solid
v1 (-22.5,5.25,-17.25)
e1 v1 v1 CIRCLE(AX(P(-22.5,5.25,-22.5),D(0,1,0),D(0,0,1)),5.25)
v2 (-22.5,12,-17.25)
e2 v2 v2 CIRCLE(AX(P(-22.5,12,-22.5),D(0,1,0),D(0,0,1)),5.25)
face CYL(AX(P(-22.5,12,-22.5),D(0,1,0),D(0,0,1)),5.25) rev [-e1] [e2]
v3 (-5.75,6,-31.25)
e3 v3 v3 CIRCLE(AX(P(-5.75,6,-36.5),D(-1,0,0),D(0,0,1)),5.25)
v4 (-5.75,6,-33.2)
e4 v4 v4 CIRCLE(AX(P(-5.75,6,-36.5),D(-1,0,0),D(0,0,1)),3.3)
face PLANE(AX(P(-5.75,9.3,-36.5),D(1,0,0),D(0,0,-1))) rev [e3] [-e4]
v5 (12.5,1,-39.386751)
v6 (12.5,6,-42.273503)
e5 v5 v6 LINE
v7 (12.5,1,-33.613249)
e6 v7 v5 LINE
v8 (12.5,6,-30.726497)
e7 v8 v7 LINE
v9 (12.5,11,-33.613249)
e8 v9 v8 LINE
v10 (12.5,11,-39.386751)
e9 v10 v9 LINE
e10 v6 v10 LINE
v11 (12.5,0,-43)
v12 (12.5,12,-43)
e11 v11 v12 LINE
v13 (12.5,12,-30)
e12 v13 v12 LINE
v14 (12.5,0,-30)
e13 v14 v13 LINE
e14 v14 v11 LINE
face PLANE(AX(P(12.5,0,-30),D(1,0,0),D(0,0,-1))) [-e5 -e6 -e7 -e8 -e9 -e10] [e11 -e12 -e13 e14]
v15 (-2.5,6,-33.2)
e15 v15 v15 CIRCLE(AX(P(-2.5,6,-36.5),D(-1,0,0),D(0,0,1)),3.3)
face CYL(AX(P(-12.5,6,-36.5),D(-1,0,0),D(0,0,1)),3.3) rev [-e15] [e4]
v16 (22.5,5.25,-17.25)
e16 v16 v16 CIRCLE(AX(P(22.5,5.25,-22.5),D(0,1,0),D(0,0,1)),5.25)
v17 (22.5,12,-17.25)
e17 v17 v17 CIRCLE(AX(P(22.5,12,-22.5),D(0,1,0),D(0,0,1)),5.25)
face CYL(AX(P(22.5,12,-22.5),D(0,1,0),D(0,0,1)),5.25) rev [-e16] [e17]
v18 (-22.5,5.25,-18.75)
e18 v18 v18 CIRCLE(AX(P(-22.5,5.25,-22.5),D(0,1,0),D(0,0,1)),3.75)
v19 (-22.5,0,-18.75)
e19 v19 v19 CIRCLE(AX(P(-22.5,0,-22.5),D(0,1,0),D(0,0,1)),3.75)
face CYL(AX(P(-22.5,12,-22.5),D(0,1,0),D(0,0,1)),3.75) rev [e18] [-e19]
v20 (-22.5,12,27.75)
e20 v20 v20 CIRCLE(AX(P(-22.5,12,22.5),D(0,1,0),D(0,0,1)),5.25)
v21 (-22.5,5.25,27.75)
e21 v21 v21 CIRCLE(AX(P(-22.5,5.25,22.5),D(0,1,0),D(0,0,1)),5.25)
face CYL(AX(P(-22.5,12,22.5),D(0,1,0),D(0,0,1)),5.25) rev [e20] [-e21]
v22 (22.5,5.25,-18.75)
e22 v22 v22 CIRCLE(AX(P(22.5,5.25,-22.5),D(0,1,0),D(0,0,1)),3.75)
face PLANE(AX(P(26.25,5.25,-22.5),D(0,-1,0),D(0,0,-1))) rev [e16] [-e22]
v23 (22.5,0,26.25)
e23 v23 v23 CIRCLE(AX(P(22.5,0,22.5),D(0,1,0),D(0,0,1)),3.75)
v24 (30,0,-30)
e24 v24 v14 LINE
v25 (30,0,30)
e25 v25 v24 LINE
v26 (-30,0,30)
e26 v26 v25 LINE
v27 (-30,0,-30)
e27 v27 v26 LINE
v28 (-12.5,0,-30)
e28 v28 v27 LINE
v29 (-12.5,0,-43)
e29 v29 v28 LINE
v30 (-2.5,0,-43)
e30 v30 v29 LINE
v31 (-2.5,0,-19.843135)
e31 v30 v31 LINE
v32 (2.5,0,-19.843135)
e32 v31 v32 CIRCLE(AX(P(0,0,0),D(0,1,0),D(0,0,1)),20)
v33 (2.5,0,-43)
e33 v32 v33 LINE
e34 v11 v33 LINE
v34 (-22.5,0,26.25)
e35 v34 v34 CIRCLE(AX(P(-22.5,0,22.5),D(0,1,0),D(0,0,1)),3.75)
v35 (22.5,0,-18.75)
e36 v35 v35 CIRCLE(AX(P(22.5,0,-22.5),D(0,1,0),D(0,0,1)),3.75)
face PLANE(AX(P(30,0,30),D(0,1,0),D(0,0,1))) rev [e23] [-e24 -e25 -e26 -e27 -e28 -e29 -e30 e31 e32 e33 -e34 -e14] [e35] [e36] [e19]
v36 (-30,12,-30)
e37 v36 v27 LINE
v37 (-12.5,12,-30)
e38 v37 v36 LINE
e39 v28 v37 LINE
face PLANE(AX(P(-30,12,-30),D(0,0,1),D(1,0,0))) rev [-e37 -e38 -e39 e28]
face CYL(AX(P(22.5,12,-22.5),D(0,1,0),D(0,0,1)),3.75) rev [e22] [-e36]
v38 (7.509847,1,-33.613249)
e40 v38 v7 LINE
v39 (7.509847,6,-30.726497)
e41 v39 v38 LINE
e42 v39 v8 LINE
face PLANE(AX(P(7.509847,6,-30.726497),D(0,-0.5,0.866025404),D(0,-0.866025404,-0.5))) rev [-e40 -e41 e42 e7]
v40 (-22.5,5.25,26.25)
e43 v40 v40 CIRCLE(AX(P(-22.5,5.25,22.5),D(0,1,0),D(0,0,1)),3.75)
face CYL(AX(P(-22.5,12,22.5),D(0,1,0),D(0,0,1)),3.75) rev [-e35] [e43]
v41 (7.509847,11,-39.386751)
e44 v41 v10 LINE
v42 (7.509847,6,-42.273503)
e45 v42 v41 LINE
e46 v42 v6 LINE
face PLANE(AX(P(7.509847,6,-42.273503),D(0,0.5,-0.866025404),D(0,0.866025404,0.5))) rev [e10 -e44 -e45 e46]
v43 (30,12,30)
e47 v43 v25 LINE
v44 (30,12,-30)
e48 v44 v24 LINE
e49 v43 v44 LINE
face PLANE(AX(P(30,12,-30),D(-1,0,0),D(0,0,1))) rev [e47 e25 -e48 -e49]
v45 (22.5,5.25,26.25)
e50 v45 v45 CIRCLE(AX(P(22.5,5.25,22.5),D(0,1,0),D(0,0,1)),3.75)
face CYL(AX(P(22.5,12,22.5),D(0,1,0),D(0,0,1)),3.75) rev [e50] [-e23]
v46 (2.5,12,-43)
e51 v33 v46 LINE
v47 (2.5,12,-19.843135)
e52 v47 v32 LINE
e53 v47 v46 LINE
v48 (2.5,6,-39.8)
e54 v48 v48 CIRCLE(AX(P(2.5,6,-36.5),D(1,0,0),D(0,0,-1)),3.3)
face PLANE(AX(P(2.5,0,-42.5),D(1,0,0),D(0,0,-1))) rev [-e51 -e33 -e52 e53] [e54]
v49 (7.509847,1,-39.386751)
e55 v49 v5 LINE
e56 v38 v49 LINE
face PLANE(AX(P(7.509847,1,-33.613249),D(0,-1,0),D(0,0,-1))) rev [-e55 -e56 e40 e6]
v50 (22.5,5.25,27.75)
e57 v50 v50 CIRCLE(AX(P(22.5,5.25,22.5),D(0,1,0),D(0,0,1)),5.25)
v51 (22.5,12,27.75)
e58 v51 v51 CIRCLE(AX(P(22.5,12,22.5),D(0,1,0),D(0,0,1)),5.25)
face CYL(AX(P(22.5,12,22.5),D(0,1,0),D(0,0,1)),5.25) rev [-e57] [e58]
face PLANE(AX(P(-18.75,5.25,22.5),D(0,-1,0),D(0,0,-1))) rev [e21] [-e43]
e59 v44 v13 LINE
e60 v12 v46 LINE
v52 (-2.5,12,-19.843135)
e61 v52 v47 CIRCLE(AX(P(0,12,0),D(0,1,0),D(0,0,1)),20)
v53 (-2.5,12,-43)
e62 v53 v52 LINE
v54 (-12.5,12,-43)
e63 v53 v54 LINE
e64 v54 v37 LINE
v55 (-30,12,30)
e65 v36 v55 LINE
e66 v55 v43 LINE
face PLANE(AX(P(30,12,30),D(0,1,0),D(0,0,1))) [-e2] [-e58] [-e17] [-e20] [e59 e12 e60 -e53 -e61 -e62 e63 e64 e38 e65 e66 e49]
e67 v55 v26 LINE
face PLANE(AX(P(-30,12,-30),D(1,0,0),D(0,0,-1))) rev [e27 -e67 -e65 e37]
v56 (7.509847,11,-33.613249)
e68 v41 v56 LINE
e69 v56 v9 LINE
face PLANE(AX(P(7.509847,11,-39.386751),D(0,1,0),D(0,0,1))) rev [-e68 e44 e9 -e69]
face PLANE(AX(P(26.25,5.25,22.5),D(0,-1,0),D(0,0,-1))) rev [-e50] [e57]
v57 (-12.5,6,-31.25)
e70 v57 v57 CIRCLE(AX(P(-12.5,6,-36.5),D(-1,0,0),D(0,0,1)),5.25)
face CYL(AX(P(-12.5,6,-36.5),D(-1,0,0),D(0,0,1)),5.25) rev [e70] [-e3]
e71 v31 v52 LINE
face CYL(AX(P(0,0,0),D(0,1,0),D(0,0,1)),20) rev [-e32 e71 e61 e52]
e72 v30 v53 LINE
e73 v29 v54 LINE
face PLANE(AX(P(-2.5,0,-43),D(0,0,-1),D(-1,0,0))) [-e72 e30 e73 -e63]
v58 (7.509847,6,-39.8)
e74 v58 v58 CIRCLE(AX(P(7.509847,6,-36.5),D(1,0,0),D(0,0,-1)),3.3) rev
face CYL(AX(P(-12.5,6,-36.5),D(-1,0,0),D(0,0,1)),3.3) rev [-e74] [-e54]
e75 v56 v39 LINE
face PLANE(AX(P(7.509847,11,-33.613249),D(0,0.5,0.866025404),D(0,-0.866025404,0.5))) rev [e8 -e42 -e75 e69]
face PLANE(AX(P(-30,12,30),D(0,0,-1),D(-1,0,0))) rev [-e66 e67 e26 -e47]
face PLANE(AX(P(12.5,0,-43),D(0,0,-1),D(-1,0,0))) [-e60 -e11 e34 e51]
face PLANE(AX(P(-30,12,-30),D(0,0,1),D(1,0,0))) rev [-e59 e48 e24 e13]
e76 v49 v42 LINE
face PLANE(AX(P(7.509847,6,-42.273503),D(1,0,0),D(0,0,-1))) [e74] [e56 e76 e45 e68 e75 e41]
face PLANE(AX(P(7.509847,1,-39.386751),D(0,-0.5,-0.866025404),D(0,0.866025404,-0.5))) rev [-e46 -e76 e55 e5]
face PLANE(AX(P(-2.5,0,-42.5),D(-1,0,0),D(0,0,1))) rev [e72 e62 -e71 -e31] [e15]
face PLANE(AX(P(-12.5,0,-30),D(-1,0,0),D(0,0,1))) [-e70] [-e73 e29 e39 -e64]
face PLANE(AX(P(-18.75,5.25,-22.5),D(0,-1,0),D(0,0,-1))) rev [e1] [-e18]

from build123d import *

# Parameters (mm, degrees)
SKETCH1_W                                           = 60
SKETCH1_H                                           = 60
BOSS_EXTRUDE1_DEPTH                                 = 12
SKETCH3_R                                           = 20
CUT_EXTRUDE1_DEPTH                                  = 12
SKETCH4_W                                           = 5
SKETCH4_H                                           = 25
CUT_EXTRUDE2_DEPTH                                  = 12
SKETCH5_W                                           = 10
SKETCH5_H                                           = 13
BOSS_EXTRUDE4_DEPTH                                 = 12
LPATTERN1_COUNT                                     = 2
LPATTERN1_PITCH                                     = 15
CBORE_FOR_M6_HEX_SOCKET_HEAD_CAP_SCREW1_D           = 6.6
CBORE_FOR_M6_HEX_SOCKET_HEAD_CAP_SCREW1_CBORE_D     = 10.5
CBORE_FOR_M6_HEX_SOCKET_HEAD_CAP_SCREW1_CBORE_DEPTH = 6.75
CUT_EXTRUDE3_DEPTH                                  = 4.990153475
CBORE_FOR_M6_HEX_SOCKET_HEAD_CAP_SCREW2_D           = 7.5
CBORE_FOR_M6_HEX_SOCKET_HEAD_CAP_SCREW2_CBORE_D     = 10.5
CBORE_FOR_M6_HEX_SOCKET_HEAD_CAP_SCREW2_CBORE_DEPTH = 6.75
CBORE_FOR_M6_HEX_SOCKET_HEAD_CAP_SCREW3_D           = 7.5
CBORE_FOR_M6_HEX_SOCKET_HEAD_CAP_SCREW3_CBORE_D     = 10.5
CBORE_FOR_M6_HEX_SOCKET_HEAD_CAP_SCREW3_CBORE_DEPTH = 6.75
CBORE_FOR_M6_HEX_SOCKET_HEAD_CAP_SCREW4_D           = 7.5
CBORE_FOR_M6_HEX_SOCKET_HEAD_CAP_SCREW4_CBORE_D     = 10.5
CBORE_FOR_M6_HEX_SOCKET_HEAD_CAP_SCREW4_CBORE_DEPTH = 6.75
CBORE_FOR_M6_HEX_SOCKET_HEAD_CAP_SCREW5_D           = 7.5
CBORE_FOR_M6_HEX_SOCKET_HEAD_CAP_SCREW5_CBORE_D     = 10.5
CBORE_FOR_M6_HEX_SOCKET_HEAD_CAP_SCREW5_CBORE_DEPTH = 6.75


with BuildPart() as part:
    # Sketch1 → Boss-Extrude1 (new body)
    with BuildSketch(Plane(origin=(0, 0, 0), x_dir=(1, 0, 0), z_dir=(0, 1, 0))):
        Rectangle(SKETCH1_W, SKETCH1_H)
    extrude(amount=BOSS_EXTRUDE1_DEPTH)

    # Sketch3 → Cut-Extrude1 (cut)
    with BuildSketch(Plane(origin=(0, 12, 0), x_dir=(-1, 0, 0), z_dir=(0, 1, 0))):
        with Locations(Location((0, 0, 0), (0, 0, 90))):
            Circle(SKETCH3_R)
    extrude(amount=-CUT_EXTRUDE1_DEPTH, mode=Mode.SUBTRACT)

    # Sketch4 → Cut-Extrude2 (cut)
    with BuildSketch(Plane(origin=(0, 12, 0), x_dir=(-1, 0, 0), z_dir=(0, 1, 0))):
        with Locations((0, -30)):
            Rectangle(SKETCH4_W, SKETCH4_H)
    extrude(amount=-CUT_EXTRUDE2_DEPTH, mode=Mode.SUBTRACT)

    # Sketch5 → Boss-Extrude4 (add)
    with BuildSketch(Plane(origin=(0, 12, 0), x_dir=(-1, 0, 0), z_dir=(0, 1, 0))):
        with Locations((7.5, -36.5)):
            Rectangle(SKETCH5_W, SKETCH5_H)
    boss_extrude4 = extrude(amount=-BOSS_EXTRUDE4_DEPTH)

    # LPattern1: Boss-Extrude4 ×2
    with Locations(*[(i * LPATTERN1_PITCH, 0, 0) for i in range(1, LPATTERN1_COUNT)]):
        add(boss_extrude4)

    # CBORE for M6 Hex Socket Head Cap Screw1 (through all)
    with Locations(Plane.ZY.offset(12.5)):
        with Locations((-36.5, 6)):
            CounterBoreHole(CBORE_FOR_M6_HEX_SOCKET_HEAD_CAP_SCREW1_D / 2, CBORE_FOR_M6_HEX_SOCKET_HEAD_CAP_SCREW1_CBORE_D / 2, CBORE_FOR_M6_HEX_SOCKET_HEAD_CAP_SCREW1_CBORE_DEPTH)

    # Sketch9 → Cut-Extrude3 (cut)
    with BuildSketch(Plane(origin=(12.5, 0, 0), x_dir=(0, 0, -1), z_dir=(1, 0, 0))):
        Polygon((42.273502692, 6), (39.386751346, 11), (33.613248654, 11), (30.726497308, 6), (33.613248654, 1), (39.386751346, 1), align=None)
    extrude(amount=-CUT_EXTRUDE3_DEPTH, mode=Mode.SUBTRACT)

    # CBORE for M6 Hex Socket Head Cap Screw2 (through all)
    with Locations(Plane(origin=(0, 12, 0), x_dir=(-1, 0, 0), z_dir=(0, 1, 0))):
        with Locations((22.5, -22.5)):
            CounterBoreHole(CBORE_FOR_M6_HEX_SOCKET_HEAD_CAP_SCREW2_D / 2, CBORE_FOR_M6_HEX_SOCKET_HEAD_CAP_SCREW2_CBORE_D / 2, CBORE_FOR_M6_HEX_SOCKET_HEAD_CAP_SCREW2_CBORE_DEPTH)

    # CBORE for M6 Hex Socket Head Cap Screw3 (through all)
    with Locations(Plane(origin=(0, 12, 0), x_dir=(-1, 0, 0), z_dir=(0, 1, 0))):
        with Locations((-22.5, -22.5)):
            CounterBoreHole(CBORE_FOR_M6_HEX_SOCKET_HEAD_CAP_SCREW3_D / 2, CBORE_FOR_M6_HEX_SOCKET_HEAD_CAP_SCREW3_CBORE_D / 2, CBORE_FOR_M6_HEX_SOCKET_HEAD_CAP_SCREW3_CBORE_DEPTH)

    # CBORE for M6 Hex Socket Head Cap Screw4 (through all)
    with Locations(Plane(origin=(0, 12, 0), x_dir=(-1, 0, 0), z_dir=(0, 1, 0))):
        with Locations((-22.5, 22.5)):
            CounterBoreHole(CBORE_FOR_M6_HEX_SOCKET_HEAD_CAP_SCREW4_D / 2, CBORE_FOR_M6_HEX_SOCKET_HEAD_CAP_SCREW4_CBORE_D / 2, CBORE_FOR_M6_HEX_SOCKET_HEAD_CAP_SCREW4_CBORE_DEPTH)

    # CBORE for M6 Hex Socket Head Cap Screw5 (through all)
    with Locations(Plane(origin=(0, 12, 0), x_dir=(-1, 0, 0), z_dir=(0, 1, 0))):
        with Locations((22.5, 22.5)):
            CounterBoreHole(CBORE_FOR_M6_HEX_SOCKET_HEAD_CAP_SCREW5_D / 2, CBORE_FOR_M6_HEX_SOCKET_HEAD_CAP_SCREW5_CBORE_D / 2, CBORE_FOR_M6_HEX_SOCKET_HEAD_CAP_SCREW5_CBORE_DEPTH)


solid = part.part
